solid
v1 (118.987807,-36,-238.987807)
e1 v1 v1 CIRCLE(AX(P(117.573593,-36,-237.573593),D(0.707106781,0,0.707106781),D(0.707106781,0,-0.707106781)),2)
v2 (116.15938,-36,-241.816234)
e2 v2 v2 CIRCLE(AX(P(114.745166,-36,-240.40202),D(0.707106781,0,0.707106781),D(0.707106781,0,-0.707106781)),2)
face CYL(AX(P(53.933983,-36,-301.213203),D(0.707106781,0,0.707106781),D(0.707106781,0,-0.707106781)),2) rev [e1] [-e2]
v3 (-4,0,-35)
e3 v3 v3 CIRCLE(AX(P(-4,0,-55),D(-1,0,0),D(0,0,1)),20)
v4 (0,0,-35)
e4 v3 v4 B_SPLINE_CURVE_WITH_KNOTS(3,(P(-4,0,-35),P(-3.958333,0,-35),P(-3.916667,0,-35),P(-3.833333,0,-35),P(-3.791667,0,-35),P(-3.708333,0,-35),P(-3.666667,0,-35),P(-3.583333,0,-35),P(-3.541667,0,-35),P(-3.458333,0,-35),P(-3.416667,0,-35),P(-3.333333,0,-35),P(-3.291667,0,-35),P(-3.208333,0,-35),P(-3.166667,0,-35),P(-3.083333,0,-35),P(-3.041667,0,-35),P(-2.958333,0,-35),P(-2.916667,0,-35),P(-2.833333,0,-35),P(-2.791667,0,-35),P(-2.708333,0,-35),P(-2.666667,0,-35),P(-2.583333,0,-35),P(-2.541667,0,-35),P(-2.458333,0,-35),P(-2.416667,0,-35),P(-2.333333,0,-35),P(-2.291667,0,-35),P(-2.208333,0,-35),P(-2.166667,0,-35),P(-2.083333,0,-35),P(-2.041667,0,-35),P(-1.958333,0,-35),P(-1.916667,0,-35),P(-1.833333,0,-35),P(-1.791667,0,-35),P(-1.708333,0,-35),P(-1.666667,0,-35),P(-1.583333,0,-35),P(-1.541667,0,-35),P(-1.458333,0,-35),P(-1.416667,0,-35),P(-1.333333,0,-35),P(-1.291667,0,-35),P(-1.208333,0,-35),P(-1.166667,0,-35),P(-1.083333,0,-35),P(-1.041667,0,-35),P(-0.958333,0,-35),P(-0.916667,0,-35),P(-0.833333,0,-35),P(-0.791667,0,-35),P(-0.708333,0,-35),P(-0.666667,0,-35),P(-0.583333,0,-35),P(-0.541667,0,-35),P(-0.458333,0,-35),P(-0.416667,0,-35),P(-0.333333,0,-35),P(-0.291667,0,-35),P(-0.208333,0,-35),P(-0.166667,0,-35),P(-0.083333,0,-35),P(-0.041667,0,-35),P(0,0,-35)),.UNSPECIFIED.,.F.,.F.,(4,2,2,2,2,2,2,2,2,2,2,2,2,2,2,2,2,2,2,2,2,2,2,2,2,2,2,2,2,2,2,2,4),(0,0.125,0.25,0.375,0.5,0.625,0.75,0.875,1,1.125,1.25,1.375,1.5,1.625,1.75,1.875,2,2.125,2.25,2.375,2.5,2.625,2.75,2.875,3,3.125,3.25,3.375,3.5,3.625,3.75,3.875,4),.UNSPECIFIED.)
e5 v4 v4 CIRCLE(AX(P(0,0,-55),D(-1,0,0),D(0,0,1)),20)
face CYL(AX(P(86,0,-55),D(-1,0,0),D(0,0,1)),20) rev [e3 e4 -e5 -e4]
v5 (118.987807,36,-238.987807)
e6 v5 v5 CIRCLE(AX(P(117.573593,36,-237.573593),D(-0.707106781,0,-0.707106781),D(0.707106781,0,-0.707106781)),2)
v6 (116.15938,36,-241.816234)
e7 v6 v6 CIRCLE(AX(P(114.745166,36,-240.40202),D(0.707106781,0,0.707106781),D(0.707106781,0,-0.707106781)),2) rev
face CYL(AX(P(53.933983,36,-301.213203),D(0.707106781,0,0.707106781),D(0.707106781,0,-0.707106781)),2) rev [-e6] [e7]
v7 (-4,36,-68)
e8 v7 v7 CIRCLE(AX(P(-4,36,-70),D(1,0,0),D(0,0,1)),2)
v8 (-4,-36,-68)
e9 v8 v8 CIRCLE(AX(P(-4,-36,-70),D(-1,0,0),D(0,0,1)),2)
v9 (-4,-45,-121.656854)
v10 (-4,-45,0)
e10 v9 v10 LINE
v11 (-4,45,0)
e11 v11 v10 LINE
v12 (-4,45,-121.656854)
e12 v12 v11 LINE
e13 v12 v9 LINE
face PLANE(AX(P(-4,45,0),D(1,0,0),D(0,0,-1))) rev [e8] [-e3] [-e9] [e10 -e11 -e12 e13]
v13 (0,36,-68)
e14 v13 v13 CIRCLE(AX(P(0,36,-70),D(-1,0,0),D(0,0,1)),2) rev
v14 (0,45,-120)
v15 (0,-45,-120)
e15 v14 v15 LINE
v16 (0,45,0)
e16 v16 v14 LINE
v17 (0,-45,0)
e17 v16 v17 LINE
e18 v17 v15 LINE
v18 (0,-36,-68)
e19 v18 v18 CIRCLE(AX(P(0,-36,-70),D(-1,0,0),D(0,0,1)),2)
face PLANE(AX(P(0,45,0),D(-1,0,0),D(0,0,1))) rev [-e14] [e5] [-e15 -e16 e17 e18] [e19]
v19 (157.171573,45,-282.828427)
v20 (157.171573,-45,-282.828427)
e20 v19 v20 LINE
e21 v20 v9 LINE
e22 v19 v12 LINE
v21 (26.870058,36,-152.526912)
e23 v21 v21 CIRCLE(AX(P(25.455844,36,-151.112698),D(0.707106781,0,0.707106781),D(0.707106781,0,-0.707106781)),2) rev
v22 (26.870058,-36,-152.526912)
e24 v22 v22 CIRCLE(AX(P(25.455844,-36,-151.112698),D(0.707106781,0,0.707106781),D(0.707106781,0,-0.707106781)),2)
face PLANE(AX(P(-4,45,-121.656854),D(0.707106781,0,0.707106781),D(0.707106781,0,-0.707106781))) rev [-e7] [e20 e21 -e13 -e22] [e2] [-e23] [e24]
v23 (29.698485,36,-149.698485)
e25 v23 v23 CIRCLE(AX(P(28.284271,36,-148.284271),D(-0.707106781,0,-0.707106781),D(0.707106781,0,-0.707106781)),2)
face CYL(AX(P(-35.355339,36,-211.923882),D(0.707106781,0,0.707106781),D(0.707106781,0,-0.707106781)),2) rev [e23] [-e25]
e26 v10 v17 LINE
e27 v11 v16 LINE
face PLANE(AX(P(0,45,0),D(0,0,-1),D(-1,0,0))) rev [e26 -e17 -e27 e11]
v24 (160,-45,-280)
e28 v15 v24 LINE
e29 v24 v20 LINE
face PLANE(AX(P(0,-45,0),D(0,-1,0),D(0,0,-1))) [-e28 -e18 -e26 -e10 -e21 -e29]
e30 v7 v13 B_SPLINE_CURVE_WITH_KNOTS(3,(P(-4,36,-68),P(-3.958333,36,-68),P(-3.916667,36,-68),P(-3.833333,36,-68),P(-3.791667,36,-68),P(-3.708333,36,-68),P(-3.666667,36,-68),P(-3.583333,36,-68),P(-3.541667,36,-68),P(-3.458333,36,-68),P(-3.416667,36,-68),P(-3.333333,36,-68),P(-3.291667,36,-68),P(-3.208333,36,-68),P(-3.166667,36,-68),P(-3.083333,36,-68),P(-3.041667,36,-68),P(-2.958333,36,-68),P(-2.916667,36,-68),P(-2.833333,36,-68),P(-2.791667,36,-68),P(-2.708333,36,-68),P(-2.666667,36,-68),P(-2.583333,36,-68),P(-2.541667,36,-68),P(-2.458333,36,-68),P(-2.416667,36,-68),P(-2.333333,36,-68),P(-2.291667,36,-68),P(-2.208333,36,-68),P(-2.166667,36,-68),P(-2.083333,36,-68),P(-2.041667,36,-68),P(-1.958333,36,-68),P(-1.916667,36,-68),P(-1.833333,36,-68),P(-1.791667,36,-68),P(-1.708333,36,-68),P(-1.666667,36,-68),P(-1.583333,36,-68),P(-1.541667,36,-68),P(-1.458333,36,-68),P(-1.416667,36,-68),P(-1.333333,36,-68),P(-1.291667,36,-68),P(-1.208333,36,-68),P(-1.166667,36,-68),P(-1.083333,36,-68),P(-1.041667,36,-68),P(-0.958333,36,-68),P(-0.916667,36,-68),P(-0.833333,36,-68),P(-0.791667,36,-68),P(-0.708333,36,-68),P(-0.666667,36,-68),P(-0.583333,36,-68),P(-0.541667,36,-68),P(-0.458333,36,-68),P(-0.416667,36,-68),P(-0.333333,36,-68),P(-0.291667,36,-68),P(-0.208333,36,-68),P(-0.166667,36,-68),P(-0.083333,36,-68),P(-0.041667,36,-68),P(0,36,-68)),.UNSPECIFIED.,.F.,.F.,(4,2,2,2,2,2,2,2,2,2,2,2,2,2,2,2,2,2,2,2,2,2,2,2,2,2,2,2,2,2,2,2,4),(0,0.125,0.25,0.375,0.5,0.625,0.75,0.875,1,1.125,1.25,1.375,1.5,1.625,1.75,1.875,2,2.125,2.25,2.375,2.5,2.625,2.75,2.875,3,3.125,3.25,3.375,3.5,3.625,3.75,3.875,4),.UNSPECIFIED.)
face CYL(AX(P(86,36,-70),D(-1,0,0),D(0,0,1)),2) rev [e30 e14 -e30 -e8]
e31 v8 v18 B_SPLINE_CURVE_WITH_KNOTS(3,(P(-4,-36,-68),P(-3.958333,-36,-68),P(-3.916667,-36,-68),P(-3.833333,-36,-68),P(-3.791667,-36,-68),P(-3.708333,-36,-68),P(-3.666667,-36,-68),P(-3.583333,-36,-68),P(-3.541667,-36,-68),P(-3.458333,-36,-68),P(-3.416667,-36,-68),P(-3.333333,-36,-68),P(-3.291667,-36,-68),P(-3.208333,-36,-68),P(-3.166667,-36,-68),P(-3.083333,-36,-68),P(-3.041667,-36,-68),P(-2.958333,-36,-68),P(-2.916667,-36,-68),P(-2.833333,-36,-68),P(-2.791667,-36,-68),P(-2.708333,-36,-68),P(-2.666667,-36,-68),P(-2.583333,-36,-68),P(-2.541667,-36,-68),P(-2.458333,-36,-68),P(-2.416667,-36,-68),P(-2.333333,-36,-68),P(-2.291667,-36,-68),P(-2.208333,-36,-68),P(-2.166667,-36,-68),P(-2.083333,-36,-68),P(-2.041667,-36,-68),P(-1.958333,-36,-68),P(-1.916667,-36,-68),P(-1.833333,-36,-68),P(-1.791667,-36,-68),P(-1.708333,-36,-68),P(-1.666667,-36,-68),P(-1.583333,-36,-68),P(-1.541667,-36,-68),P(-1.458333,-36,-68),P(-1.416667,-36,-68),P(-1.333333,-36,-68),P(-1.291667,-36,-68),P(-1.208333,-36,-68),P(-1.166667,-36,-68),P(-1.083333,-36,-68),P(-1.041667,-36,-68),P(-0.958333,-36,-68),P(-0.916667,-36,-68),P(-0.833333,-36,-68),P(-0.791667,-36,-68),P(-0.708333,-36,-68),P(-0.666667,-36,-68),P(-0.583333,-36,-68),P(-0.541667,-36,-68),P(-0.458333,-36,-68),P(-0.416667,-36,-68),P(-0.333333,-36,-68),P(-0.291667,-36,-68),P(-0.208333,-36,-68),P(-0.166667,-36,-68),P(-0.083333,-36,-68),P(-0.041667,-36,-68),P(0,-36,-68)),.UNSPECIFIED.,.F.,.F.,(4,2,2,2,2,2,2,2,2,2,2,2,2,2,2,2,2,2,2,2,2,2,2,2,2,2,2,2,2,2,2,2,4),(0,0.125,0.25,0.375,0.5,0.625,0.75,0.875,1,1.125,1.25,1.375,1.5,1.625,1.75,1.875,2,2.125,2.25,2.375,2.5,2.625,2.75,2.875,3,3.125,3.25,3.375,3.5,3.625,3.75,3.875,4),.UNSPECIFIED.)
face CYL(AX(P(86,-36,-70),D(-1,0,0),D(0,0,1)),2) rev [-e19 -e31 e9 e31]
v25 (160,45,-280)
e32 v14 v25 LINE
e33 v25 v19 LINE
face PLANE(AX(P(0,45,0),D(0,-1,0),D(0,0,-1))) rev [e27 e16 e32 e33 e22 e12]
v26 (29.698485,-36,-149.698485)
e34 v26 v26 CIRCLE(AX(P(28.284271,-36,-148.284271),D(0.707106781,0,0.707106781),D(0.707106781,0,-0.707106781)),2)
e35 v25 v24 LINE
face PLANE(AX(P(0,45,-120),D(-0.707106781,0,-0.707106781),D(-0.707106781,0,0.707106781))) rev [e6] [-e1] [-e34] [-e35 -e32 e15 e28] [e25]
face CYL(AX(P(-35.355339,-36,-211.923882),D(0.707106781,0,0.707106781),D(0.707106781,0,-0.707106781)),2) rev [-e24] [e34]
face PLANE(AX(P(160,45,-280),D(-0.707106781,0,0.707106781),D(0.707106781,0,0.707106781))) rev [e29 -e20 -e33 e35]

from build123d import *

# Parameters (mm, degrees)
EXTRUDE_1_DEPTH     = 45
SKETCH_3_R          = 2
CUT_EXTRUDE_2_DEPTH = 90
SKETCH_4_R          = 2
CUT_EXTRUDE_3_DEPTH = 90
SKETCH_5_R          = 20
CUT_EXTRUDE_4_DEPTH = 90


with BuildPart() as part:
    # 草图1 → 凸台-拉伸1 (new, symmetric)
    with BuildSketch(Plane(origin=(0, 0, 0), x_dir=(1, 0, 0), z_dir=(0, 1, 0))):
        Polygon((0, 0), (0, 120), (160, 280), (157.171572875, 282.828427125), (-4, 121.656854249), (-4, 0), align=None)
    extrude(amount=EXTRUDE_1_DEPTH, both=True)

    # 草图3 → 切除-拉伸2 (cut)
    with BuildSketch(Plane.ZY.offset(4)):
        with Locations((-70, -36)):
            Circle(SKETCH_3_R)
    cut_extrude_2 = extrude(amount=-CUT_EXTRUDE_2_DEPTH, mode=Mode.SUBTRACT)

    # 草图4 → 切除-拉伸3 (cut)
    with BuildSketch(Plane(origin=(-60, 0, -60), x_dir=(0.7071067811865487, 0, -0.7071067811865465), z_dir=(0.7071067811865465, 0, 0.7071067811865487))):
        with Locations((124.852813742, -36)):
            Circle(SKETCH_4_R)
        with Locations((251.126983722, -36)):
            Circle(SKETCH_4_R)
    cut_extrude_3 = extrude(amount=-CUT_EXTRUDE_3_DEPTH, mode=Mode.SUBTRACT)

    # 镜向1: 切除-拉伸2, 切除-拉伸3 across plane
    add(cut_extrude_2.mirror(Plane.ZX), mode=Mode.SUBTRACT)
    add(cut_extrude_3.mirror(Plane.ZX), mode=Mode.SUBTRACT)

    # 草图5 → 切除-拉伸4 (cut)
    with BuildSketch(Plane.ZY.offset(4)):
        with Locations((-55, 0)):
            Circle(SKETCH_5_R)
    extrude(amount=-CUT_EXTRUDE_4_DEPTH, mode=Mode.SUBTRACT)


solid = part.part
